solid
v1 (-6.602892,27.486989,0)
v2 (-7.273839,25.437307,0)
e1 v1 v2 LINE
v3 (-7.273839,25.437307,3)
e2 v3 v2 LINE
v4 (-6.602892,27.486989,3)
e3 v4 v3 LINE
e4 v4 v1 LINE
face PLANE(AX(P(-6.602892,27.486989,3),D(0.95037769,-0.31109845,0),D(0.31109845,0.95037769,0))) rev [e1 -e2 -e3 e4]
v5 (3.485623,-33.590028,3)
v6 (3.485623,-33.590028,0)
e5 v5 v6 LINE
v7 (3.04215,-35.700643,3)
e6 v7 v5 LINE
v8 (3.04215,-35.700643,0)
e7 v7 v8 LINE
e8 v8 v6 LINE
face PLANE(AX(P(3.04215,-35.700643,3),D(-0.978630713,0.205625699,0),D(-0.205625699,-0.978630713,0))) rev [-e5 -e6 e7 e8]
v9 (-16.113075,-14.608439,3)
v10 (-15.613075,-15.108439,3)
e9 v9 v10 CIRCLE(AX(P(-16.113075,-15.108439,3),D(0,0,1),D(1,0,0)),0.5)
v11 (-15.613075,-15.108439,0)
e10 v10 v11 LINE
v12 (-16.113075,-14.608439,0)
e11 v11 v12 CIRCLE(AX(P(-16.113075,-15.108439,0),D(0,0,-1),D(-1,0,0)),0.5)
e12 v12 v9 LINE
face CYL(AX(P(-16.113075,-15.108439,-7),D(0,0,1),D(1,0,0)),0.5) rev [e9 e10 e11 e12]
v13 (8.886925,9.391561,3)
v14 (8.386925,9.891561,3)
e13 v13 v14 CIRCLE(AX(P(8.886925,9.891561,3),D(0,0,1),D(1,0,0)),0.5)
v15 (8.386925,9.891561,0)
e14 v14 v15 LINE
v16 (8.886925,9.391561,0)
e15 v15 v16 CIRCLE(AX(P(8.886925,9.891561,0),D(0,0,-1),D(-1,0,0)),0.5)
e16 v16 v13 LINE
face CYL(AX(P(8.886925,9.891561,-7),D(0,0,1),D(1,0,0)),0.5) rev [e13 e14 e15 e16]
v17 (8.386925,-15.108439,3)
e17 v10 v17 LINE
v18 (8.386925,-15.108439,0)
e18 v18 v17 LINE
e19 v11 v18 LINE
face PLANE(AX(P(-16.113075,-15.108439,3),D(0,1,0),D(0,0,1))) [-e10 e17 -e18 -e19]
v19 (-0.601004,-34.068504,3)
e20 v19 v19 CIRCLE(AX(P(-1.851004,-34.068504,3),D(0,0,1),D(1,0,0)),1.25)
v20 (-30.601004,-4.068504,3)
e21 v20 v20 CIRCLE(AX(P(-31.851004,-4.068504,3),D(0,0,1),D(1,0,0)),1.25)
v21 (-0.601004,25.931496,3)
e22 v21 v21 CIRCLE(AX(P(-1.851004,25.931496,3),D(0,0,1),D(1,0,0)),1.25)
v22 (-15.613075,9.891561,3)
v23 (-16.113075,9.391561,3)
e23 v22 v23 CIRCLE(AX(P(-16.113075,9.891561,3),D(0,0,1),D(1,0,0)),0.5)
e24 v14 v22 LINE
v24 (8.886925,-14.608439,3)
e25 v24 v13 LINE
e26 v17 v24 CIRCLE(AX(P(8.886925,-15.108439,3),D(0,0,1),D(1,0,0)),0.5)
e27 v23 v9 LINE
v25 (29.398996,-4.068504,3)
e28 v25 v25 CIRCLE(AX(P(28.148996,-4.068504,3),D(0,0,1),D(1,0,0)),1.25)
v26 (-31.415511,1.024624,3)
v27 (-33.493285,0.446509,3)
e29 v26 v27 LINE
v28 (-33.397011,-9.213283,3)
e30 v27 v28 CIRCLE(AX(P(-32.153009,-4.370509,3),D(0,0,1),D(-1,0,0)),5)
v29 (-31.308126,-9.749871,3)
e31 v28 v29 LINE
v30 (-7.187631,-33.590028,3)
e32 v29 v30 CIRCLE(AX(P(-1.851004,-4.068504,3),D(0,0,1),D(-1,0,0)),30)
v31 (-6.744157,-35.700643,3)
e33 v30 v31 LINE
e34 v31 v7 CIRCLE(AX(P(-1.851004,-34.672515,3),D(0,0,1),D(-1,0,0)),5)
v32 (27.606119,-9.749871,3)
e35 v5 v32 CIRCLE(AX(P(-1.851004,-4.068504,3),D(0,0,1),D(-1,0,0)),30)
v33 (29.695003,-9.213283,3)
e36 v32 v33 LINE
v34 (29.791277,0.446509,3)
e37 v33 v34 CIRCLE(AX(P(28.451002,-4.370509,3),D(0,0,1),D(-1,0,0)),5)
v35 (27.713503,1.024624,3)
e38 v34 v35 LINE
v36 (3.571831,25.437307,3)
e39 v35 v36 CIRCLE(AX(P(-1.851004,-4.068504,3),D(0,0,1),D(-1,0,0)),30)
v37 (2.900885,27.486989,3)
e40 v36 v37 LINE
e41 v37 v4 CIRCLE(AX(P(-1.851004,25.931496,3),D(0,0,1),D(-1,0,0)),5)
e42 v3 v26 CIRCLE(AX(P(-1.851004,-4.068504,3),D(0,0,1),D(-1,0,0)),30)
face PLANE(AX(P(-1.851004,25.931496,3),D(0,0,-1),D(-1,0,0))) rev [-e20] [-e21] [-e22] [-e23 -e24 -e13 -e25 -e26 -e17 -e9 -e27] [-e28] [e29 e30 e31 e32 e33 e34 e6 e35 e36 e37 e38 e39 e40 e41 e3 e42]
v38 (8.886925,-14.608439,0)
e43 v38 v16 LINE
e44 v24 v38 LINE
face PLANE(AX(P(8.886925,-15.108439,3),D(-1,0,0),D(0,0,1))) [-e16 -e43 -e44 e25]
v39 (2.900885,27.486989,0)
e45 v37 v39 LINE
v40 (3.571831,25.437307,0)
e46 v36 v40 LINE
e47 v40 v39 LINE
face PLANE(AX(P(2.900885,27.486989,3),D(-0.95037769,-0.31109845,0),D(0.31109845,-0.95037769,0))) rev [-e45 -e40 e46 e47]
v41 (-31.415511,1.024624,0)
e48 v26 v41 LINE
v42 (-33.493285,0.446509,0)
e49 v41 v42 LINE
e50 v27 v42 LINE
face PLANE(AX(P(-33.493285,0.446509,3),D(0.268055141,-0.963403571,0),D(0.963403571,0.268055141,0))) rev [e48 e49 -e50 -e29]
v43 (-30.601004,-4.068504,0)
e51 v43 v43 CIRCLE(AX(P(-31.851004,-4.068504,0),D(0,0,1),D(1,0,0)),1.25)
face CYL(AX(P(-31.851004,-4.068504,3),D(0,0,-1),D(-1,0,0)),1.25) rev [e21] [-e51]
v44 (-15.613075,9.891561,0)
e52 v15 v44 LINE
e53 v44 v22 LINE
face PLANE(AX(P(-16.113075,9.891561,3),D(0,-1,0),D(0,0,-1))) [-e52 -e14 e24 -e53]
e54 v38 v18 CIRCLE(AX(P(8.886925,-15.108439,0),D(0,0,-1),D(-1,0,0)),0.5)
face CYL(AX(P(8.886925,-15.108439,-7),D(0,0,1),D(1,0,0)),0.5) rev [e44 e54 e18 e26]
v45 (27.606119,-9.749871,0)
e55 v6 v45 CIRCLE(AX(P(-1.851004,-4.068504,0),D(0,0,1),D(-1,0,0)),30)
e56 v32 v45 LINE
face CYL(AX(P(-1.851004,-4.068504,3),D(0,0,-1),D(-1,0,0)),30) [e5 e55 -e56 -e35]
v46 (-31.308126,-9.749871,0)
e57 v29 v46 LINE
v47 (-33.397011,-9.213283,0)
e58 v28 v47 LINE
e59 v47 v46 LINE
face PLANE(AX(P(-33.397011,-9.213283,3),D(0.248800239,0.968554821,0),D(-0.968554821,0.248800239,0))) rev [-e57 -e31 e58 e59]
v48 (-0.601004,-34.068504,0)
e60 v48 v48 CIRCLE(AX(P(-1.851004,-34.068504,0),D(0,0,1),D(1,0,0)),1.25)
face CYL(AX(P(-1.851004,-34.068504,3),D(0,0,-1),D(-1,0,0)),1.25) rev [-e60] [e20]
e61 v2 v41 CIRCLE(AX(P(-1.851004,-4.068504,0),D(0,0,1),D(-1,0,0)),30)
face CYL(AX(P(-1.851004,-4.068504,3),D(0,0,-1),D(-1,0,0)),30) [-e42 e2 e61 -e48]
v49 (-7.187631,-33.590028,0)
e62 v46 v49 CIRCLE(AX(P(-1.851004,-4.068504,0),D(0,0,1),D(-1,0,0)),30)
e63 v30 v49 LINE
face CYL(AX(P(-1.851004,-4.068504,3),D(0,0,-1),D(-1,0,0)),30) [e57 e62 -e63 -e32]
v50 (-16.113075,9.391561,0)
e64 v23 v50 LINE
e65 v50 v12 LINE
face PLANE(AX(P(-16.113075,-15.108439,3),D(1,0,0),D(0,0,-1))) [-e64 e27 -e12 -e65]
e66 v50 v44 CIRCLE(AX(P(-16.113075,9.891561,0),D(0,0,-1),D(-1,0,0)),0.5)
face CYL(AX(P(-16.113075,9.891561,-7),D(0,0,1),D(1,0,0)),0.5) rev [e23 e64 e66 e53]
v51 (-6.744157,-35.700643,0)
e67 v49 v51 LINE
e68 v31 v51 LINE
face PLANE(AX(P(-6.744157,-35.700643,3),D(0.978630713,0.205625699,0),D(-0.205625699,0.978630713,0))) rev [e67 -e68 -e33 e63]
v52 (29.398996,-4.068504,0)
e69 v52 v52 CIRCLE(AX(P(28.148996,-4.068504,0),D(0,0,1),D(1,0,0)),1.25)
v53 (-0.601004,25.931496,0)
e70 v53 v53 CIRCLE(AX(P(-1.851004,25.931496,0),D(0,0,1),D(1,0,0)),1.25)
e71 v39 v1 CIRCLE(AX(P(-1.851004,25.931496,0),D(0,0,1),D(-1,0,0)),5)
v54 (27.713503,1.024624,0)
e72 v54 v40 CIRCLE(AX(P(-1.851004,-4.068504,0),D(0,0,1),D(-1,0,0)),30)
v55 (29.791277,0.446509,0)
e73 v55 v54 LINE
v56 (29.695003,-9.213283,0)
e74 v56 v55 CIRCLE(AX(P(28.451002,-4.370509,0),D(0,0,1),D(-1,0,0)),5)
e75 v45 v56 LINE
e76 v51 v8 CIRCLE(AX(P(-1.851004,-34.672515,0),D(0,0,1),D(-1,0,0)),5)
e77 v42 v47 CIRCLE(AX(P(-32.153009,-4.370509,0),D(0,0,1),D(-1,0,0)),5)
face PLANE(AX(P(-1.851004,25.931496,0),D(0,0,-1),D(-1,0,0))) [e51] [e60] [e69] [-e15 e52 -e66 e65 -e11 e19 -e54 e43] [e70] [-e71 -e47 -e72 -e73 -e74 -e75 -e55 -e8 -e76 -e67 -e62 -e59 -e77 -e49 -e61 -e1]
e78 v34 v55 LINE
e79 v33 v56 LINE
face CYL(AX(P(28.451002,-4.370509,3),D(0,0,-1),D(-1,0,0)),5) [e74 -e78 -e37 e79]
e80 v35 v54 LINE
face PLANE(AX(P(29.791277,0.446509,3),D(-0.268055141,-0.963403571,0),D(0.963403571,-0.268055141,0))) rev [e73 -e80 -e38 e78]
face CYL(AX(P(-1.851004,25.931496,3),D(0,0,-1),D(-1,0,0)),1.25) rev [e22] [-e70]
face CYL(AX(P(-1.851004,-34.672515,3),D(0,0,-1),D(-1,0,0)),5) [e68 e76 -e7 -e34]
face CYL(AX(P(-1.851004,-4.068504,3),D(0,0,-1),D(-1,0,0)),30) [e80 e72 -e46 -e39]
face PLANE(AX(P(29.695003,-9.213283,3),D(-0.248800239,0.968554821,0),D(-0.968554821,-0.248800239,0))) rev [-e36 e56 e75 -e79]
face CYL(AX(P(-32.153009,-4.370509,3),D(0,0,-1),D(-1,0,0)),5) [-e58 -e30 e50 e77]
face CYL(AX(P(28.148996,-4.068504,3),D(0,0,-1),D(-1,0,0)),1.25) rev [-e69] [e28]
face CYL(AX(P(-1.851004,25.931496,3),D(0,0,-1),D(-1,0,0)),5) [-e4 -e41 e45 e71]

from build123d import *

# Parameters (mm, degrees)
SKETCH1_R           = 1.25
SKETCH1_W           = 25
SKETCH1_H           = 25
BOSS_EXTRUDE1_DEPTH = 3
SKETCH2_R           = 0.5
CUT_EXTRUDE1_DEPTH  = 10


with BuildPart() as part:
    # Sketch1 → Boss-Extrude1 (new body)
    with BuildSketch(Plane.XY):
        with BuildLine():
            Line((-33.493285167, 0.446508601), (-31.415510561, 1.024623715))
            ThreePointArc((-31.415510561, 1.024623715), (-23.182278998, 17.025967209), (-7.273839084, 25.43730688))
            Line((-7.273839084, 25.43730688), (-6.60289237, 27.486988539))
            ThreePointArc((-6.60289237, 27.486988539), (-1.851003919, 30.931496286), (2.900884532, 27.486988539))
            Line((2.900884532, 27.486988539), (3.571831246, 25.43730688))
            ThreePointArc((3.571831246, 25.43730688), (19.48027116, 17.025967209), (27.713502723, 1.024623715))
            Line((27.713502723, 1.024623715), (29.791277328, 0.446508601))
            ThreePointArc((29.791277328, 0.446508601), (33.450753312, -4.42033938), (29.695002819, -9.21328336))
            Line((29.695002819, -9.21328336), (27.606118503, -9.749871384))
            ThreePointArc((27.606118503, -9.749871384), (19.237844301, -25.405337611), (3.485623043, -33.590028279))
            Line((3.485623043, -33.590028279), (3.042149644, -35.700643293))
            ThreePointArc((3.042149644, -35.700643293), (-1.851003919, -39.672514797), (-6.744157483, -35.700643293))
            Line((-6.744157483, -35.700643293), (-7.187630881, -33.590028279))
            ThreePointArc((-7.187630881, -33.590028279), (-22.939852139, -25.405337611), (-31.308126341, -9.749871384))
            Line((-31.308126341, -9.749871384), (-33.397010658, -9.21328336))
            ThreePointArc((-33.397010658, -9.21328336), (-37.152761151, -4.42033938), (-33.493285167, 0.446508601))
        make_face()
        with Locations((-1.851003919, 25.931496286)):
            Circle(SKETCH1_R, mode=Mode.SUBTRACT)
        with Locations((28.148996081, -4.068503714)):
            Circle(SKETCH1_R, mode=Mode.SUBTRACT)
        with Locations((-1.851003919, -34.068503714)):
            Circle(SKETCH1_R, mode=Mode.SUBTRACT)
        with Locations((-31.851003919, -4.068503714)):
            Circle(SKETCH1_R, mode=Mode.SUBTRACT)
        with Locations((-3.613074624, -2.60843855)):
            Rectangle(SKETCH1_W, SKETCH1_H, mode=Mode.SUBTRACT)
    extrude(amount=BOSS_EXTRUDE1_DEPTH)

    # Sketch2 → Cut-Extrude1 (cut)
    with BuildSketch(Plane.XY.offset(3)):
        with Locations((-16.113074624, 9.89156145)):
            Circle(SKETCH2_R)
        with Locations((8.886925376, 9.89156145)):
            Circle(SKETCH2_R)
        with Locations((8.886925376, -15.10843855)):
            Circle(SKETCH2_R)
        with Locations((-16.113074624, -15.10843855)):
            Circle(SKETCH2_R)
    extrude(amount=-CUT_EXTRUDE1_DEPTH, mode=Mode.SUBTRACT)


solid = part.part
